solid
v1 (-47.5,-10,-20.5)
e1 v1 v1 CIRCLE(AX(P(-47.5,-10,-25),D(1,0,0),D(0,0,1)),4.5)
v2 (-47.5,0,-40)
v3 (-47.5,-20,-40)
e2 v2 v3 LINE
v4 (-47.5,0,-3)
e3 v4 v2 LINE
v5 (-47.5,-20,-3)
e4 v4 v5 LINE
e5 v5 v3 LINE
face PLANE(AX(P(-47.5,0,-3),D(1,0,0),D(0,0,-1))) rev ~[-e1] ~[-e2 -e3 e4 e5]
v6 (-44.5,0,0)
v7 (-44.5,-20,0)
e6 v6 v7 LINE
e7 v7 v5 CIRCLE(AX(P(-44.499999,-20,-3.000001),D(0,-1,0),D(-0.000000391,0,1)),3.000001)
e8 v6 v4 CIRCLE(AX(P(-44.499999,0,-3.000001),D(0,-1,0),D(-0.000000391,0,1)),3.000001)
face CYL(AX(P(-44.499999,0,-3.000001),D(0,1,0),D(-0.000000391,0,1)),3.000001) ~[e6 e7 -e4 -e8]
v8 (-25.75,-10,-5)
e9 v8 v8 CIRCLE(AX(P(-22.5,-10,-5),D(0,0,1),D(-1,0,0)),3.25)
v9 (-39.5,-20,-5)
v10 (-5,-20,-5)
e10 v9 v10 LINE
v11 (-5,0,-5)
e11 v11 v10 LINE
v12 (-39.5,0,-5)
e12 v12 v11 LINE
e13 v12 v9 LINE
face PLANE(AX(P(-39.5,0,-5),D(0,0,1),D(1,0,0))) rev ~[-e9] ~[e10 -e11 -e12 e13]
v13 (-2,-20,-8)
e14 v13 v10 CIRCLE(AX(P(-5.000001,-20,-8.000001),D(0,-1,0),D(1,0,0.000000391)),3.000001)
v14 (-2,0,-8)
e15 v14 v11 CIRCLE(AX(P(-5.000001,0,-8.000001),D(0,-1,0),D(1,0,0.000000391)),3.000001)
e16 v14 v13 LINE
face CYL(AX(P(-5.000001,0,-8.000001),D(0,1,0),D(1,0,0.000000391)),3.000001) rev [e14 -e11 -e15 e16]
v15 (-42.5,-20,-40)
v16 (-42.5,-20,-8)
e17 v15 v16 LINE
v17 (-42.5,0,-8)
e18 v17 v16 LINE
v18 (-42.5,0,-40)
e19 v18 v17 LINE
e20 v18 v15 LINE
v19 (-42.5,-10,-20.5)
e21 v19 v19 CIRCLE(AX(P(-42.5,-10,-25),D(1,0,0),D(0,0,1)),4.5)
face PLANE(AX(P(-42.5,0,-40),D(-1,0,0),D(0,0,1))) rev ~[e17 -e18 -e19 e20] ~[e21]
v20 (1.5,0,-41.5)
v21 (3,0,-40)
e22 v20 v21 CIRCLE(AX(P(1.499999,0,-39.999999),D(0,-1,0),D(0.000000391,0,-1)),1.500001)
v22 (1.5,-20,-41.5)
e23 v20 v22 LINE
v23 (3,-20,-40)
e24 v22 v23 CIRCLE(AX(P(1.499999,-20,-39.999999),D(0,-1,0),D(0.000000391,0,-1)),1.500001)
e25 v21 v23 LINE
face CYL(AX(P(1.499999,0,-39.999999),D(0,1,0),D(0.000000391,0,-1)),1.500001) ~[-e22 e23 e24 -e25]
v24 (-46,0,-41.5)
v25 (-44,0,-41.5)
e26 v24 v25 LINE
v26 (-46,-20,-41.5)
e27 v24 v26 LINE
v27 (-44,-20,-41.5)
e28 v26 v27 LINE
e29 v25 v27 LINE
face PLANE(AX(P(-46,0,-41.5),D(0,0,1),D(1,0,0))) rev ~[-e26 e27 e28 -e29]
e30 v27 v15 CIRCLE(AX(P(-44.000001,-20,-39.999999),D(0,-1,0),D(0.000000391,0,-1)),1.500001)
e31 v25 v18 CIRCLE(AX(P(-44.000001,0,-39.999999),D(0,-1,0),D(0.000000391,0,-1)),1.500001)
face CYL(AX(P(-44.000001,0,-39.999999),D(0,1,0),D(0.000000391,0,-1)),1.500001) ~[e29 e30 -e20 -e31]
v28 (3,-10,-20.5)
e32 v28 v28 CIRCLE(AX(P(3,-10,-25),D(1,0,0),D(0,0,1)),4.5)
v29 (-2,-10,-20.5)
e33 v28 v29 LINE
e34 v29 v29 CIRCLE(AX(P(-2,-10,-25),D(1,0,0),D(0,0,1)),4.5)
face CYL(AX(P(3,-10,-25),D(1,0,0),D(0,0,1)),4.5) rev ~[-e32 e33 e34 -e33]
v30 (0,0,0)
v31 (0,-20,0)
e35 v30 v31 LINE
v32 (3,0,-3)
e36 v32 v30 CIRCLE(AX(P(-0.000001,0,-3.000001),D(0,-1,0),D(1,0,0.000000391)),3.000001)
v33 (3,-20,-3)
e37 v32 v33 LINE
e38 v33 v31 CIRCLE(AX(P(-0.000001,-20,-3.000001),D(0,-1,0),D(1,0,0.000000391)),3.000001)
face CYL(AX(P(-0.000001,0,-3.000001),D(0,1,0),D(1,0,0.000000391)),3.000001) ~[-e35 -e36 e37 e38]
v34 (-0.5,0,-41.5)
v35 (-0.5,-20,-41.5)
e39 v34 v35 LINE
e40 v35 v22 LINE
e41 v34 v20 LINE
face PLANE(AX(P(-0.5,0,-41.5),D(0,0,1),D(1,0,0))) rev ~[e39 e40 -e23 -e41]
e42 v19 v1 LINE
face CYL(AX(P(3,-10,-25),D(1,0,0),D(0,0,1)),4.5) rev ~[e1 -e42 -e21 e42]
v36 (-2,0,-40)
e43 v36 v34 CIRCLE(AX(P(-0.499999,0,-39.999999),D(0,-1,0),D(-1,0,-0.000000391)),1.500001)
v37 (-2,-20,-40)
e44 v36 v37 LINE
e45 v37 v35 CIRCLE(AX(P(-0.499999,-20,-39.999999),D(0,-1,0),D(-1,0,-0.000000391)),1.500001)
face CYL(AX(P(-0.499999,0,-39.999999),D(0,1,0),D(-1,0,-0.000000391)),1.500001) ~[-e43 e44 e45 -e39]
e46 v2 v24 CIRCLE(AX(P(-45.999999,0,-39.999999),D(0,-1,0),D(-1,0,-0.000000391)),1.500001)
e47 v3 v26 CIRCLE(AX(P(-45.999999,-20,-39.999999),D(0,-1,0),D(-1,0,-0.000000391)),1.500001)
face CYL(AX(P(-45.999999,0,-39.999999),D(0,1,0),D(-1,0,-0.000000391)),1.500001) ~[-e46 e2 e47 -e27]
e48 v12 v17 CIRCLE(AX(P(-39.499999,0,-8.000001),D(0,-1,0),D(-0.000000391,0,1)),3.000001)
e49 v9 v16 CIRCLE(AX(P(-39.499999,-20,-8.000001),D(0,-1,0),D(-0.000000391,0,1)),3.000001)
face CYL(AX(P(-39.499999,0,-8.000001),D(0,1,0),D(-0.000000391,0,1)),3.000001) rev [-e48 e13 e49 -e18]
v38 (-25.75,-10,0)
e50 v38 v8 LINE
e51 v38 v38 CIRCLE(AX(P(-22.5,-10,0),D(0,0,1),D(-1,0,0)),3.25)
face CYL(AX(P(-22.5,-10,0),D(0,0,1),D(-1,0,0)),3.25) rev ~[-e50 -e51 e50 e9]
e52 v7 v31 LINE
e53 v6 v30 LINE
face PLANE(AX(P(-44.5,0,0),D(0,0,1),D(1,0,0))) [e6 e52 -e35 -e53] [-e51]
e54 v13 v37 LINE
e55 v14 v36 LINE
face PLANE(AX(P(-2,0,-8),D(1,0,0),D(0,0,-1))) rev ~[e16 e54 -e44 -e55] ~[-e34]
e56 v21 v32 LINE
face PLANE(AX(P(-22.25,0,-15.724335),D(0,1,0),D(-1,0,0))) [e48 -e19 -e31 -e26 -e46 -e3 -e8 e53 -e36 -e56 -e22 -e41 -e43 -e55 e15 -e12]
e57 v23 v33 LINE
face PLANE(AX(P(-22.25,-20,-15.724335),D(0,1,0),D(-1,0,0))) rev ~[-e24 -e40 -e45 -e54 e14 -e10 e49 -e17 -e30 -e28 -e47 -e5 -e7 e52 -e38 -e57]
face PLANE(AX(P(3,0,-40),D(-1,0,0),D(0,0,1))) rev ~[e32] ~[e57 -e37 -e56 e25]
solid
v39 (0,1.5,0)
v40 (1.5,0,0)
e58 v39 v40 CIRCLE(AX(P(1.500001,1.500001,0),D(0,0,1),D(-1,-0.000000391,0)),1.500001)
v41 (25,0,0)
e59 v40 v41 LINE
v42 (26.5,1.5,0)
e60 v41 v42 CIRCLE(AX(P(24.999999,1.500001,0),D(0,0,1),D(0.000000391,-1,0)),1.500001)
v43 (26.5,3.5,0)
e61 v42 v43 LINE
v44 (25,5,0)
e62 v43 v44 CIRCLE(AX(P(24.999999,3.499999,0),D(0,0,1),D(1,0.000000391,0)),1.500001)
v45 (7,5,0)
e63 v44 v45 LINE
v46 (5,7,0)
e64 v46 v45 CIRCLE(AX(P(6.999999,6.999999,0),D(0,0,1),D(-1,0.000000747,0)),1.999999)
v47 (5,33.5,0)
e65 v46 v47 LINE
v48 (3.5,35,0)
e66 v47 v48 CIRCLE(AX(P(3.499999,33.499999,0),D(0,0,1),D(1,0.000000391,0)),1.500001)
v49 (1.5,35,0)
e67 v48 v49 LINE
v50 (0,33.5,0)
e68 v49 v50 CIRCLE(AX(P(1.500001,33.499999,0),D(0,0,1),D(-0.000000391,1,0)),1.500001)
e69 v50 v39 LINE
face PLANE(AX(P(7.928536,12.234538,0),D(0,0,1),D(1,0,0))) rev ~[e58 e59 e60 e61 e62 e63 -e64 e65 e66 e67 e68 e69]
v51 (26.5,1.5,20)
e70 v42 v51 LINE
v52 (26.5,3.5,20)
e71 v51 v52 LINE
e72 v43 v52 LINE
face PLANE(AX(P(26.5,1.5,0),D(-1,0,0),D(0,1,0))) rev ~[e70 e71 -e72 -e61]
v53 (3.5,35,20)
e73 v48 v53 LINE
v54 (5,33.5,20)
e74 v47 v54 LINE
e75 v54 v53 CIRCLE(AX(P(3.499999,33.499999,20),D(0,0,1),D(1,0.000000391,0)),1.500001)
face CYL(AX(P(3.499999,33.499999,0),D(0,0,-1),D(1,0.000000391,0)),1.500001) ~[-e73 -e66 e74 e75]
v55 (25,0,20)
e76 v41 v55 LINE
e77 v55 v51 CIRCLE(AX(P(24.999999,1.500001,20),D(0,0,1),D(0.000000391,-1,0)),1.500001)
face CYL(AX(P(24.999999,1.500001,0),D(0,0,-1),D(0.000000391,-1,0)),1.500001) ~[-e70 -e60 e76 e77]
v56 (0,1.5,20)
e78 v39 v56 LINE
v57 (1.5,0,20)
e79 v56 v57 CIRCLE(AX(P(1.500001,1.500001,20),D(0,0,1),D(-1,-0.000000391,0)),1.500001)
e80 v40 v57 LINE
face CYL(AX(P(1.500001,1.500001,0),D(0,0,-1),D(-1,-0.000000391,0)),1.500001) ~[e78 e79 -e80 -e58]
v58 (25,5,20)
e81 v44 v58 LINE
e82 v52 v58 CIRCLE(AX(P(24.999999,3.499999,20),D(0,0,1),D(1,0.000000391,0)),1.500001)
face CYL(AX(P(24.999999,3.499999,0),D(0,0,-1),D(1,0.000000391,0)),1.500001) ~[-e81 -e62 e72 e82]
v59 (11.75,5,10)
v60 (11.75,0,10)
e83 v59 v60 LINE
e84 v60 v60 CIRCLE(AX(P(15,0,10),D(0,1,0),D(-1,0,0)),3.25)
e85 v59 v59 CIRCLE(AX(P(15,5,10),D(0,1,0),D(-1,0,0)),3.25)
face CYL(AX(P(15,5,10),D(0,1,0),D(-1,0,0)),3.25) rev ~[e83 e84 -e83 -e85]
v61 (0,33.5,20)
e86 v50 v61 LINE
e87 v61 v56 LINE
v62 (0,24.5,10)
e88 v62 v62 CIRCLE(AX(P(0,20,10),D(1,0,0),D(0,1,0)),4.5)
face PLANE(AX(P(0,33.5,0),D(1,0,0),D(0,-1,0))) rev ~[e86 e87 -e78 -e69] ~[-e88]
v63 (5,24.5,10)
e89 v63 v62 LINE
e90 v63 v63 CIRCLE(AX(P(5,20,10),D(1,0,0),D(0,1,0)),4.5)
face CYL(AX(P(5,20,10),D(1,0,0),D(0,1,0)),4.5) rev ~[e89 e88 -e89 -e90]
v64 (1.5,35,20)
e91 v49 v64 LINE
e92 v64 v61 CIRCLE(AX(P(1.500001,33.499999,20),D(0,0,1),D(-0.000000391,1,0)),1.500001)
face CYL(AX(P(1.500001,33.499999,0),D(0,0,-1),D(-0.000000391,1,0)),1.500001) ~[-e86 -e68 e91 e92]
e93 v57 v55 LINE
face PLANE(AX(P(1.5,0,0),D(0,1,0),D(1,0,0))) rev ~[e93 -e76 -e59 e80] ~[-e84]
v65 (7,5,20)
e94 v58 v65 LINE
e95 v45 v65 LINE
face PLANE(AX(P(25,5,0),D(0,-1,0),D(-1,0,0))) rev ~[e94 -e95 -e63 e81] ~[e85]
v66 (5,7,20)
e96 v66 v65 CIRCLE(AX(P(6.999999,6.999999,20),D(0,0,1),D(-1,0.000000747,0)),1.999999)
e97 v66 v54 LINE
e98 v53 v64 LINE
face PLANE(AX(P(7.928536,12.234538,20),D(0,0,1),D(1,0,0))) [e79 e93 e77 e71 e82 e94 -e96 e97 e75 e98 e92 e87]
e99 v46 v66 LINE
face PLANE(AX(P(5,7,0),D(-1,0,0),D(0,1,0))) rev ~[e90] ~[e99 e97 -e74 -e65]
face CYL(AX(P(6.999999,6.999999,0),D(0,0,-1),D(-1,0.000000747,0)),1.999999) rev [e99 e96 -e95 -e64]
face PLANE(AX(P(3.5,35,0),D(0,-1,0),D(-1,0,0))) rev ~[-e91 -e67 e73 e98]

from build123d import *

# Parameters (mm, degrees)
PAD_DEPTH       = 20
SKETCH001_R     = 4.5
POCKET_DEPTH    = 5
SKETCH002_R     = 3.25
POCKET001_DEPTH = 5
PAD001_DEPTH    = 20
SKETCH004_R     = 3.25
POCKET002_DEPTH = 5
SKETCH005_R     = 4.5
POCKET003_DEPTH = 60


with BuildPart() as optical_table_support:
    # Sketch → Pad (new body)
    with BuildSketch(Plane.XY):
        with BuildLine():
            Line((0, 33.5), (0, 1.5))
            ThreePointArc((0, 1.5), (0.43934, 0.43934), (1.5, 0))
            Line((1.5, 0), (25, 0))
            ThreePointArc((25, 0), (26.06066, 0.43934), (26.5, 1.5))
            Line((26.5, 1.5), (26.5, 3.5))
            ThreePointArc((26.5, 3.5), (26.06066, 4.56066), (25, 5))
            Line((25, 5), (7, 5))
            ThreePointArc((5, 7), (5.585786, 5.585786), (7, 5))
            Line((5, 7), (5, 33.5))
            ThreePointArc((5, 33.5), (4.56066, 34.56066), (3.5, 35))
            Line((3.5, 35), (1.5, 35))
            ThreePointArc((1.5, 35), (0.43934, 34.56066), (0, 33.5))
        make_face()
    extrude(amount=PAD_DEPTH)

    # Sketch001 (on Face1 of Pad) → Pocket (cut)
    with BuildSketch(Plane.YZ.offset(5)):
        with Locations((20, 10)):
            Circle(SKETCH001_R)
    extrude(amount=-POCKET_DEPTH, mode=Mode.SUBTRACT)

    # Sketch002 (on Face7 of Pocket) → Pocket001 (cut)
    with BuildSketch(Plane(origin=(0, 5, 0), x_dir=(-1, 0, 0), z_dir=(0, 1, 0))):
        with Locations((-15, 10)):
            Circle(SKETCH002_R)
    extrude(amount=-POCKET001_DEPTH, mode=Mode.SUBTRACT)


with BuildPart() as lens_support:
    # Sketch003 → Pad001 (new body)
    with BuildSketch(Plane.XZ):
        with BuildLine():
            Line((-44.5, 0), (0, 0))
            ThreePointArc((3, -3), (2.12132, -0.87868), (0, 0))
            Line((3, -40), (3, -3))
            ThreePointArc((1.5, -41.5), (2.56066, -41.06066), (3, -40))
            Line((-0.5, -41.5), (1.5, -41.5))
            ThreePointArc((-2, -40), (-1.56066, -41.06066), (-0.5, -41.5))
            Line((-2, -8), (-2, -40))
            ThreePointArc((-2, -8), (-2.87868, -5.87868), (-5, -5))
            Line((-39.5, -5), (-5, -5))
            ThreePointArc((-39.5, -5), (-41.62132, -5.87868), (-42.5, -8))
            Line((-42.5, -40), (-42.5, -8))
            ThreePointArc((-44, -41.5), (-42.93934, -41.06066), (-42.5, -40))
            Line((-46, -41.5), (-44, -41.5))
            ThreePointArc((-47.5, -40), (-47.06066, -41.06066), (-46, -41.5))
            Line((-47.5, -3), (-47.5, -40))
            ThreePointArc((-44.5, 0), (-46.62132, -0.87868), (-47.5, -3))
        make_face()
    extrude(amount=PAD001_DEPTH)

    # Sketch004 (on Face2 of Pad001) → Pocket002 (cut)
    with BuildSketch(Plane(origin=(0, 0, 0), x_dir=(-1, 0, 0), z_dir=(0, 0, 1))):
        with Locations((22.5, 10)):
            Circle(SKETCH004_R)
    extrude(amount=-POCKET002_DEPTH, mode=Mode.SUBTRACT)

    # Sketch005 (on Face9 of Pocket002) → Pocket003 (cut)
    with BuildSketch(Plane(origin=(3, 0, 0), x_dir=(0, 0, 1), z_dir=(1, 0, 0))):
        with Locations((-25, 10)):
            Circle(SKETCH005_R)
    extrude(amount=-POCKET003_DEPTH, mode=Mode.SUBTRACT)


solid = Compound([optical_table_support.part, lens_support.part])
